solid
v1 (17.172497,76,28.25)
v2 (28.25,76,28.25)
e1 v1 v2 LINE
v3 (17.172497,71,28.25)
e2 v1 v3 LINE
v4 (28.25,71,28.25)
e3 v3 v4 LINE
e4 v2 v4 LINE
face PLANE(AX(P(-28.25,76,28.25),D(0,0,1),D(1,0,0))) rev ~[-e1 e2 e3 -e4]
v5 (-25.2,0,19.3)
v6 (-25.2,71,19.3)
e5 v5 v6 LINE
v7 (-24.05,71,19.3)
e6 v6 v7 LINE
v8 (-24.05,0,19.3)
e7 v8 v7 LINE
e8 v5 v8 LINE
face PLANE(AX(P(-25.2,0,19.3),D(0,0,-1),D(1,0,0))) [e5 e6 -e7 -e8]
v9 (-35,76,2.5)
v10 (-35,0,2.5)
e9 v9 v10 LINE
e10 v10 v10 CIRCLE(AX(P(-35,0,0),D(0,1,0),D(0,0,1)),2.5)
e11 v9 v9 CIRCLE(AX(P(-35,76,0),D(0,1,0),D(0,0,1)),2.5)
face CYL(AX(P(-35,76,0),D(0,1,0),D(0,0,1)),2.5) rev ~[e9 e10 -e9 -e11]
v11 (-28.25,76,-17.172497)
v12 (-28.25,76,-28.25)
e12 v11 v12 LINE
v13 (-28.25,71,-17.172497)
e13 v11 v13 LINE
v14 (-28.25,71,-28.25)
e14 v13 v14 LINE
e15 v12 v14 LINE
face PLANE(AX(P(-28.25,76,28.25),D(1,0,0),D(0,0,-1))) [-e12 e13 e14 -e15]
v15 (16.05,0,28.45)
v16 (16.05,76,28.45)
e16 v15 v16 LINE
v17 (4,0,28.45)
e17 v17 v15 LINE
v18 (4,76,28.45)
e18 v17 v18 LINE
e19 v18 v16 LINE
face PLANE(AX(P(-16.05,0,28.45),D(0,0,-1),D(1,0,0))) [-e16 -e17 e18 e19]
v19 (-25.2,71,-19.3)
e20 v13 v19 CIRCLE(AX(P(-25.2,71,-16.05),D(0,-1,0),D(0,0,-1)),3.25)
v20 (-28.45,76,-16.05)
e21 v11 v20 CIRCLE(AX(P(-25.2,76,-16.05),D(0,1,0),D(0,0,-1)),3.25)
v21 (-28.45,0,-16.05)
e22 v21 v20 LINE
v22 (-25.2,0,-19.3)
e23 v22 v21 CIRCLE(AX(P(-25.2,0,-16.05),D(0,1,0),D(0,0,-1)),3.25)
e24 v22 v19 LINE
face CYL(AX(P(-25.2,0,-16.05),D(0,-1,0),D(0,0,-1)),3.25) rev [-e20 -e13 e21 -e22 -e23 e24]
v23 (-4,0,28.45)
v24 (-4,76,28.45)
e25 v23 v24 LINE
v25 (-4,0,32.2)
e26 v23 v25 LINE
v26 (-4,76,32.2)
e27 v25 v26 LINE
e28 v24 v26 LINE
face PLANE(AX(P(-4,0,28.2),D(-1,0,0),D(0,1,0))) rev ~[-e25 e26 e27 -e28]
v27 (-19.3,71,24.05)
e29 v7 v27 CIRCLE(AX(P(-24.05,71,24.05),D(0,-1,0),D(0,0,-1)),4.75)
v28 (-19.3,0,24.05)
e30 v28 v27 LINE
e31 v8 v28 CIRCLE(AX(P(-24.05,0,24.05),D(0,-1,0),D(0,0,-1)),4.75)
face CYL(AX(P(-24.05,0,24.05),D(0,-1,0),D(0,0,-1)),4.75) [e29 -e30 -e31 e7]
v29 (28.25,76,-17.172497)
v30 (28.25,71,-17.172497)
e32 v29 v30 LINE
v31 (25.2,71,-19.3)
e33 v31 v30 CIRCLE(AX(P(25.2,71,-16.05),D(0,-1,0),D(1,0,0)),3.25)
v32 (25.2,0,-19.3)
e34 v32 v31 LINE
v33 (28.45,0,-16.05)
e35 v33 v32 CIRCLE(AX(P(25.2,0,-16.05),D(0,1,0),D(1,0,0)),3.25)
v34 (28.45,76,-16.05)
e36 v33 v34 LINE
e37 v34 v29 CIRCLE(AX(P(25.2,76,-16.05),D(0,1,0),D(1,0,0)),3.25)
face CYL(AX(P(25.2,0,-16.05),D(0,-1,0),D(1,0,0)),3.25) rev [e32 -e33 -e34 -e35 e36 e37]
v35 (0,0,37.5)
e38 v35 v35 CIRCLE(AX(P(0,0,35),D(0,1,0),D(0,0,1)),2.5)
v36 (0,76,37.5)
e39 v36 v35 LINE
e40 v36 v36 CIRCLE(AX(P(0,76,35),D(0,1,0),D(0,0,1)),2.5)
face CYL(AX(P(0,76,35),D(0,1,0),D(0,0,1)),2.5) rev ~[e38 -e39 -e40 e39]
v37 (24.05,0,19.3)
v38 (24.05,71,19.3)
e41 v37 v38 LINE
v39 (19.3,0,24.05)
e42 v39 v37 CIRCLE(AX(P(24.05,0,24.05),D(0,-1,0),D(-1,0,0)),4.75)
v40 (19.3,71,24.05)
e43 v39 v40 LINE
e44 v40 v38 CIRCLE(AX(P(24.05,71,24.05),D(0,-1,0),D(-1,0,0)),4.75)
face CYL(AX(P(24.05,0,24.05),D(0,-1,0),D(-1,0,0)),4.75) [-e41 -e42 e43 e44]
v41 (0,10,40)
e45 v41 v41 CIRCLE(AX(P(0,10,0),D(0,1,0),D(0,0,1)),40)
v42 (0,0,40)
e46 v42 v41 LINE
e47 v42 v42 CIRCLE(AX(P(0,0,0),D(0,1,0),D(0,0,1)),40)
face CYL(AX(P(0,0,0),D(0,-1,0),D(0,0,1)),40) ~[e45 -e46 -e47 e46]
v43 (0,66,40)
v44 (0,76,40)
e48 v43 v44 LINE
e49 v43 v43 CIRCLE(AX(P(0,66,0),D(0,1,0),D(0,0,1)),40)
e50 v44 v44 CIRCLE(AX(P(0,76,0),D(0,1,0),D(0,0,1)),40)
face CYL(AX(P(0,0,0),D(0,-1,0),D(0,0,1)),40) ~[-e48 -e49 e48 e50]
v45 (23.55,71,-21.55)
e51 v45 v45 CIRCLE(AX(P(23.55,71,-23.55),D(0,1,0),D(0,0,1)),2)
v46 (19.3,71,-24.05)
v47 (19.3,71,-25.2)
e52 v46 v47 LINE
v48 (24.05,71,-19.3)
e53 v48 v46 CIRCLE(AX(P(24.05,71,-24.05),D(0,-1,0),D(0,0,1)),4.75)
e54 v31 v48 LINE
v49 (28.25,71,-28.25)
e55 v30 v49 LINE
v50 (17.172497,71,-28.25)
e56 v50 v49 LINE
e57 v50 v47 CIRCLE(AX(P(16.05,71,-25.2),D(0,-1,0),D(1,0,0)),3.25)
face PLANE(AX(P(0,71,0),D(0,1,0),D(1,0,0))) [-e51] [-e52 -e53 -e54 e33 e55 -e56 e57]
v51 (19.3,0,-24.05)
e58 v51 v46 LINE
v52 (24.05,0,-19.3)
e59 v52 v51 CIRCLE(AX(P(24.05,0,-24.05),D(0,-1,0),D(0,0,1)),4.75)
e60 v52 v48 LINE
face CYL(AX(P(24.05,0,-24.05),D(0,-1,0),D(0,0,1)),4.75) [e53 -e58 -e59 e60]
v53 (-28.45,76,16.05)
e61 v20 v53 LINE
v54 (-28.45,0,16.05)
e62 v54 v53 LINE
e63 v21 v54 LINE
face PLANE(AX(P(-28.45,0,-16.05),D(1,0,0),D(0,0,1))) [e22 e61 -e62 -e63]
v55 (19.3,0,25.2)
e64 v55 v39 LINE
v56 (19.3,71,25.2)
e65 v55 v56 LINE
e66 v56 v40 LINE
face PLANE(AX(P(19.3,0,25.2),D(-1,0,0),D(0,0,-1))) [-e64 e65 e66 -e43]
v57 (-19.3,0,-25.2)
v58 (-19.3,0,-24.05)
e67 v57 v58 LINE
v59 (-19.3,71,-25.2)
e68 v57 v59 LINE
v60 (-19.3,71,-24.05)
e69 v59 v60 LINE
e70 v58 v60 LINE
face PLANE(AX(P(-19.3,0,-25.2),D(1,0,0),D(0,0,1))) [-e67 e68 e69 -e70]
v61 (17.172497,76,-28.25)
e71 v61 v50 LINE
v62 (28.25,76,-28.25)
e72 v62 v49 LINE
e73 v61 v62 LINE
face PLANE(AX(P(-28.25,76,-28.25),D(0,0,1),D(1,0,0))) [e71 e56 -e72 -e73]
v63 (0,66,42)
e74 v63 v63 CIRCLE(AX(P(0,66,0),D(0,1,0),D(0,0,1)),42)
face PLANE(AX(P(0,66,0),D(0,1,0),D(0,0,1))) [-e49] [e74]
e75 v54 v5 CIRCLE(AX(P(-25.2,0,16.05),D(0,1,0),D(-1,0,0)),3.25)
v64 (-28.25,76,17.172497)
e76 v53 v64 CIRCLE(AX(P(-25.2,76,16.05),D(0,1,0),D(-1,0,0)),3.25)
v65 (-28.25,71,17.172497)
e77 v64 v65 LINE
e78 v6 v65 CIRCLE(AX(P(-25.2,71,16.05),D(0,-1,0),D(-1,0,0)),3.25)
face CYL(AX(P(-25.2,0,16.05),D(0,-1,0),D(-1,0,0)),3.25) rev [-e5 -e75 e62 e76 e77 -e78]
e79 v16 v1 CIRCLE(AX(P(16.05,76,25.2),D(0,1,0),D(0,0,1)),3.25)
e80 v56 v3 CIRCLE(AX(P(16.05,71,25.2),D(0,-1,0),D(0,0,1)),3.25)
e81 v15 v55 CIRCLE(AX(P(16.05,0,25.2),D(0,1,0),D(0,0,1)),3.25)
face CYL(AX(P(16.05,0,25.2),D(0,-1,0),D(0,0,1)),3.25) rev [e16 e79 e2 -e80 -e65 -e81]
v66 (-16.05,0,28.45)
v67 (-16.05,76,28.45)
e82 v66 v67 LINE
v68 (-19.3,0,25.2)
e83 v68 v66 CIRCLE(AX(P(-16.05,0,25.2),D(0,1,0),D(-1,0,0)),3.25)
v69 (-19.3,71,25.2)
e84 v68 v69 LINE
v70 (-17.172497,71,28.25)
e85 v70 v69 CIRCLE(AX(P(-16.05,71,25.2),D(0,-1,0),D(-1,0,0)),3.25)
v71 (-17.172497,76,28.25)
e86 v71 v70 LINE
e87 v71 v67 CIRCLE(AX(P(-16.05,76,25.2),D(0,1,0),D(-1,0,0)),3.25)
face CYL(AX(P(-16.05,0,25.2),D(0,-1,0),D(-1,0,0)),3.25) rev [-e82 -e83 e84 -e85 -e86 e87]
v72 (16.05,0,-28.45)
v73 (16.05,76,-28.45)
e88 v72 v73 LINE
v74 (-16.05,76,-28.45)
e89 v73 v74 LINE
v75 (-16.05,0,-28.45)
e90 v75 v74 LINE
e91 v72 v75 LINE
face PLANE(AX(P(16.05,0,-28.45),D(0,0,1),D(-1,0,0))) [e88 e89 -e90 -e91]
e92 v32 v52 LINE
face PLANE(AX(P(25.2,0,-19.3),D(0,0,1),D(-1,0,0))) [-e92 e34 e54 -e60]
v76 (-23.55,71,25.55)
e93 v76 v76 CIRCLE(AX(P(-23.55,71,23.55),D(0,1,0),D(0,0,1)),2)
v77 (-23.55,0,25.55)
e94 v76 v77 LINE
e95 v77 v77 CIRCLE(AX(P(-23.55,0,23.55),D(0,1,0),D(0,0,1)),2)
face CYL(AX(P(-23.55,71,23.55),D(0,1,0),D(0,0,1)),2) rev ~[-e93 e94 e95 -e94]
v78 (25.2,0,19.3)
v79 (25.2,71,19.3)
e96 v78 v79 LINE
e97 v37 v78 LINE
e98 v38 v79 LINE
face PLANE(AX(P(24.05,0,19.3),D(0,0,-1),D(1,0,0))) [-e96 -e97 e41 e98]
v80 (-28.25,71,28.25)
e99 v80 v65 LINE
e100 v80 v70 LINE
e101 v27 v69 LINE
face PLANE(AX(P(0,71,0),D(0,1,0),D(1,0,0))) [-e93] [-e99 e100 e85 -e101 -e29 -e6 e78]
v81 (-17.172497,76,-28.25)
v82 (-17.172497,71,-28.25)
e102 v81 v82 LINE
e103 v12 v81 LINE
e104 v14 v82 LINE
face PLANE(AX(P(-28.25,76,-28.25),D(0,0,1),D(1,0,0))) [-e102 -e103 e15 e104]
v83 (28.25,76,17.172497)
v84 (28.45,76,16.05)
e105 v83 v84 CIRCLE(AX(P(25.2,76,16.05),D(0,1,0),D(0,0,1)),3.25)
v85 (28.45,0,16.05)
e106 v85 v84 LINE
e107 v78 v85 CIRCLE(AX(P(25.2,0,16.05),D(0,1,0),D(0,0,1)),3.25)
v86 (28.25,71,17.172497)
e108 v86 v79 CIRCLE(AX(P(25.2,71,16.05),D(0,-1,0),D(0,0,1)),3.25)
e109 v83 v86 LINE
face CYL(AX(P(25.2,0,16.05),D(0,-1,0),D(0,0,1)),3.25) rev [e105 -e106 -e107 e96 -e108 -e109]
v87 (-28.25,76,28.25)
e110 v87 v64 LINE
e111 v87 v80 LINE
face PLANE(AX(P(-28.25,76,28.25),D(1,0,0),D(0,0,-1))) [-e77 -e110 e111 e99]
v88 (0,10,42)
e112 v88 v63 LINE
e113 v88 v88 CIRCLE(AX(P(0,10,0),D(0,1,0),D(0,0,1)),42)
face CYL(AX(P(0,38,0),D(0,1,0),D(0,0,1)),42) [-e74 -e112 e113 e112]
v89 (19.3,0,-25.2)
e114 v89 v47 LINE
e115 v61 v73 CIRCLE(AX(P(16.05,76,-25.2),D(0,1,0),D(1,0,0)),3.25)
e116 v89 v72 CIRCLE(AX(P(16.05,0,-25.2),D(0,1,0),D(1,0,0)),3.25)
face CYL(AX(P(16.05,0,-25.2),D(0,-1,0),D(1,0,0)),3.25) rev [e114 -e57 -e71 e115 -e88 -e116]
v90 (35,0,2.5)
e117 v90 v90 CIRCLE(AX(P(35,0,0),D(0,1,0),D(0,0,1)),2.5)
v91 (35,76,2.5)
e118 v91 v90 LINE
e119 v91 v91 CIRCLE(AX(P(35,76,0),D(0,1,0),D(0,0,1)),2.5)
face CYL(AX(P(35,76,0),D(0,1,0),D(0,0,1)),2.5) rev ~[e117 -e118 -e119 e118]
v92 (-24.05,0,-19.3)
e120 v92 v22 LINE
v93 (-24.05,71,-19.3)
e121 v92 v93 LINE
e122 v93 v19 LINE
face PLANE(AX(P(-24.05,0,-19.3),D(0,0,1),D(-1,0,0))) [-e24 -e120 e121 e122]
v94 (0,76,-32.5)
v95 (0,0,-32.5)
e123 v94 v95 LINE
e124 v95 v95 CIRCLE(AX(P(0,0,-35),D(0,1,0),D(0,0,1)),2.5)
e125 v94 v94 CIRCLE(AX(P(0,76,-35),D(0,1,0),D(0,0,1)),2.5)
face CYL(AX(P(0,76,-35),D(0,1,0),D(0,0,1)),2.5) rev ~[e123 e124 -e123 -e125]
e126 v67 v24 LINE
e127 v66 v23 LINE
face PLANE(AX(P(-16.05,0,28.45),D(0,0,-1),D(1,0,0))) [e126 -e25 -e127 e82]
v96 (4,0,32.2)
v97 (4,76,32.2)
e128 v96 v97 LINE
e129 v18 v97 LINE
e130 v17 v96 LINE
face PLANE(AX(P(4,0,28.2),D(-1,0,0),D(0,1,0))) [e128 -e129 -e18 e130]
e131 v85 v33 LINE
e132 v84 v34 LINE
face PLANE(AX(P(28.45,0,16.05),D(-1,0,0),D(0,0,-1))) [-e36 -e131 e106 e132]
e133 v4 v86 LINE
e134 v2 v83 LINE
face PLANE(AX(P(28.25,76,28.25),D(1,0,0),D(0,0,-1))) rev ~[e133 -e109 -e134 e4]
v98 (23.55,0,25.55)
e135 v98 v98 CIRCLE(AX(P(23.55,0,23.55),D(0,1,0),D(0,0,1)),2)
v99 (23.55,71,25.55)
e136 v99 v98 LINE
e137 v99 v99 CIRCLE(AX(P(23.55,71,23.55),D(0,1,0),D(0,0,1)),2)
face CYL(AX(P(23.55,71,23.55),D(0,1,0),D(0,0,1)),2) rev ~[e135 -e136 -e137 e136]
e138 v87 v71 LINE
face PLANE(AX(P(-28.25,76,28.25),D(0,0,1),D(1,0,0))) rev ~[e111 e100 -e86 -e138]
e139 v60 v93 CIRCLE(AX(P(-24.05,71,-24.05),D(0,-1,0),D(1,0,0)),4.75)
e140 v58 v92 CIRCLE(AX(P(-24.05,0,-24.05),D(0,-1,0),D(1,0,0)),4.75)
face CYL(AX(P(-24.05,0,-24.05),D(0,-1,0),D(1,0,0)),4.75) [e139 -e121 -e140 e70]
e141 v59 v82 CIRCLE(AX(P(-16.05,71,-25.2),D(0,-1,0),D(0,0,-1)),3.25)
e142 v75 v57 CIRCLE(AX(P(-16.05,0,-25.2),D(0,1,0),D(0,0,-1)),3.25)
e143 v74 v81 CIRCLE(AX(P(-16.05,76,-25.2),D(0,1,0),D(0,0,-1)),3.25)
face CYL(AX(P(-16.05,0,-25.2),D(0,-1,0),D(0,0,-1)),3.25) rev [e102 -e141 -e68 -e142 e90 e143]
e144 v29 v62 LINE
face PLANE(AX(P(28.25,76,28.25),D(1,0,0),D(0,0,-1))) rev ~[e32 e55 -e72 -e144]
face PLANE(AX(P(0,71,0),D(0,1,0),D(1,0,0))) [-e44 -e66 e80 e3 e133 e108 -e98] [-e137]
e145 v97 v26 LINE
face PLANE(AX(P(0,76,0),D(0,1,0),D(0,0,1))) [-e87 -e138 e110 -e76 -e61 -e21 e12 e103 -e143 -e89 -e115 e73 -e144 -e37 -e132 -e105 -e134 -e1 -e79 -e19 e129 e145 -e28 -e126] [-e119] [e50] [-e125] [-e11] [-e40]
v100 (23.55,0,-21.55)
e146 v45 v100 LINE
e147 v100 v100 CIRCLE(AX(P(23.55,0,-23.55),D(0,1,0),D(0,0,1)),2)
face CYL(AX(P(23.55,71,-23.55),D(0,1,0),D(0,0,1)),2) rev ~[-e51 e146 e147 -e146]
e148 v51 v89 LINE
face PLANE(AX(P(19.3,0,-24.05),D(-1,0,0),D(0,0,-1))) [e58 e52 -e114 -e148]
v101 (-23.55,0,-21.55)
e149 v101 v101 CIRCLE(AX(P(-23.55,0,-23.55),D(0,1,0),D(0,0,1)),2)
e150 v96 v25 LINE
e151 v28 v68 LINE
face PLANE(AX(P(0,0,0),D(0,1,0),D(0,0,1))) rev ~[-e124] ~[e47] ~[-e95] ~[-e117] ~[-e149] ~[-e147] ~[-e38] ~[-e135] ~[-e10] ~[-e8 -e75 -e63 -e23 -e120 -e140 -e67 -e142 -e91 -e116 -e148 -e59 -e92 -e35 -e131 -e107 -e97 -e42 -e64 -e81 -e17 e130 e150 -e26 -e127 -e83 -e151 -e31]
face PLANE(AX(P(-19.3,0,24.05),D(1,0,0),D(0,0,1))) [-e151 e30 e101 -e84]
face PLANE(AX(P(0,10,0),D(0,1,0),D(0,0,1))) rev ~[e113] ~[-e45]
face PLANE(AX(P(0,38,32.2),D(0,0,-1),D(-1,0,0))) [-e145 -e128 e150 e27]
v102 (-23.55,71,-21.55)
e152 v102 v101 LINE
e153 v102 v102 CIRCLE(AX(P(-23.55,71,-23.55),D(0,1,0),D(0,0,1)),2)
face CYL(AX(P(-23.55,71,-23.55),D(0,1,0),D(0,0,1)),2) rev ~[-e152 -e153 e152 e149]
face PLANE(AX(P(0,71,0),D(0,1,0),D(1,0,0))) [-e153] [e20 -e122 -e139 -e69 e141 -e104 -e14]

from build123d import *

# Parameters (mm, degrees)
SKETCH2_R           = 40
BOSS_EXTRUDE1_DEPTH = 76
SKETCH3_W           = 8
SKETCH3_H           = 76
CUT_EXTRUDE1_DEPTH  = 4
SKETCH4_R           = 42
SKETCH4_R_2         = 40
BOSS_EXTRUDE3_DEPTH = 28
SKETCH5_W           = 56.5
SKETCH5_H           = 56.5
CUT_EXTRUDE7_DEPTH  = 5
SKETCH6_R           = 2
CUT_EXTRUDE8_DEPTH  = 93.568893263
SKETCH7_R           = 2.5
CUT_EXTRUDE9_DEPTH  = 97.457244414


with BuildPart() as part:
    # Sketch2 → Boss-Extrude1 (new body)
    with BuildSketch(Plane(origin=(0, 0, 0), x_dir=(1, 0, 0), z_dir=(0, 1, 0))):
        with Locations(Location((0, 0, 0), (0, 0, 270))):
            Circle(SKETCH2_R)
        with BuildLine():
            Line((-19.3, 25.2), (-19.3, 24.05))
            ThreePointArc((-19.3, 24.05), (-20.691242789, 20.691242789), (-24.05, 19.3))
            Line((-24.05, 19.3), (-25.2, 19.3))
            ThreePointArc((-25.2, 19.3), (-27.498097039, 18.348097039), (-28.45, 16.05))
            Line((-28.45, 16.05), (-28.45, -16.05))
            ThreePointArc((-28.45, -16.05), (-27.498097039, -18.348097039), (-25.2, -19.3))
            Line((-25.2, -19.3), (-24.05, -19.3))
            ThreePointArc((-24.05, -19.3), (-20.691242789, -20.691242789), (-19.3, -24.05))
            Line((-19.3, -24.05), (-19.3, -25.2))
            ThreePointArc((-19.3, -25.2), (-18.348097039, -27.498097039), (-16.05, -28.45))
            Line((-16.05, -28.45), (16.05, -28.45))
            ThreePointArc((16.05, -28.45), (18.348097039, -27.498097039), (19.3, -25.2))
            Line((19.3, -25.2), (19.3, -24.05))
            ThreePointArc((19.3, -24.05), (20.691242789, -20.691242789), (24.05, -19.3))
            Line((24.05, -19.3), (25.2, -19.3))
            ThreePointArc((25.2, -19.3), (27.498097039, -18.348097039), (28.45, -16.05))
            Line((28.45, -16.05), (28.45, 16.05))
            ThreePointArc((28.45, 16.05), (27.498097039, 18.348097039), (25.2, 19.3))
            Line((25.2, 19.3), (24.05, 19.3))
            ThreePointArc((24.05, 19.3), (20.691242789, 20.691242789), (19.3, 24.05))
            Line((19.3, 24.05), (19.3, 25.2))
            ThreePointArc((19.3, 25.2), (18.348097039, 27.498097039), (16.05, 28.45))
            Line((16.05, 28.45), (-16.05, 28.45))
            ThreePointArc((-16.05, 28.45), (-18.348097039, 27.498097039), (-19.3, 25.2))
        make_face(mode=Mode.SUBTRACT)
    extrude(amount=BOSS_EXTRUDE1_DEPTH)

    # Sketch3 → Cut-Extrude1 (cut)
    with BuildSketch(Plane(origin=(0, 0, 28.2), x_dir=(-1, 0, 0), z_dir=(0, 0, -1))):
        with Locations((0, 38)):
            Rectangle(SKETCH3_W, SKETCH3_H)
    extrude(amount=-CUT_EXTRUDE1_DEPTH, mode=Mode.SUBTRACT)

    # Sketch4 → Boss-Extrude3 (add, symmetric)
    with BuildSketch(Plane(origin=(0, 38, 0), x_dir=(1, 0, 0), z_dir=(0, 1, 0))):
        with Locations(Location((0, 0, 0), (0, 0, 270))):
            Circle(SKETCH4_R)
        with Locations(Location((0, 0, 0), (0, 0, 270))):
            Circle(SKETCH4_R_2, mode=Mode.SUBTRACT)
    extrude(amount=BOSS_EXTRUDE3_DEPTH, both=True)

    # Sketch5 → Cut-Extrude7 (cut)
    with BuildSketch(Plane(origin=(0, 76, 0), x_dir=(1, 0, 0), z_dir=(0, 1, 0))):
        Rectangle(SKETCH5_W, SKETCH5_H)
    extrude(amount=-CUT_EXTRUDE7_DEPTH, mode=Mode.SUBTRACT)

    # Sketch6 → Cut-Extrude8 (cut, through all)
    with BuildSketch(Plane(origin=(0, 71, 0), x_dir=(1, 0, 0), z_dir=(0, 1, 0))):
        with Locations(Location((-23.55, 23.55, 0), (0, 0, 270))):
            Circle(SKETCH6_R)
        with Locations(Location((23.55, 23.55, 0), (0, 0, 270))):
            Circle(SKETCH6_R)
        with Locations(Location((23.55, -23.55, 0), (0, 0, 270))):
            Circle(SKETCH6_R)
        with Locations(Location((-23.55, -23.55, 0), (0, 0, 270))):
            Circle(SKETCH6_R)
    extrude(amount=-CUT_EXTRUDE8_DEPTH, mode=Mode.SUBTRACT)

    # Sketch7 → Cut-Extrude9 (cut, through all)
    with BuildSketch(Plane(origin=(0, 76, 0), x_dir=(1, 0, 0), z_dir=(0, 1, 0))):
        with Locations(Location((0, 35, 0), (0, 0, 270))):
            Circle(SKETCH7_R)
        with Locations(Location((35, 0, 0), (0, 0, 270))):
            Circle(SKETCH7_R)
        with Locations(Location((0, -35, 0), (0, 0, 270))):
            Circle(SKETCH7_R)
        with Locations(Location((-35, 0, 0), (0, 0, 270))):
            Circle(SKETCH7_R)
    extrude(amount=-CUT_EXTRUDE9_DEPTH, mode=Mode.SUBTRACT)


solid = part.part
